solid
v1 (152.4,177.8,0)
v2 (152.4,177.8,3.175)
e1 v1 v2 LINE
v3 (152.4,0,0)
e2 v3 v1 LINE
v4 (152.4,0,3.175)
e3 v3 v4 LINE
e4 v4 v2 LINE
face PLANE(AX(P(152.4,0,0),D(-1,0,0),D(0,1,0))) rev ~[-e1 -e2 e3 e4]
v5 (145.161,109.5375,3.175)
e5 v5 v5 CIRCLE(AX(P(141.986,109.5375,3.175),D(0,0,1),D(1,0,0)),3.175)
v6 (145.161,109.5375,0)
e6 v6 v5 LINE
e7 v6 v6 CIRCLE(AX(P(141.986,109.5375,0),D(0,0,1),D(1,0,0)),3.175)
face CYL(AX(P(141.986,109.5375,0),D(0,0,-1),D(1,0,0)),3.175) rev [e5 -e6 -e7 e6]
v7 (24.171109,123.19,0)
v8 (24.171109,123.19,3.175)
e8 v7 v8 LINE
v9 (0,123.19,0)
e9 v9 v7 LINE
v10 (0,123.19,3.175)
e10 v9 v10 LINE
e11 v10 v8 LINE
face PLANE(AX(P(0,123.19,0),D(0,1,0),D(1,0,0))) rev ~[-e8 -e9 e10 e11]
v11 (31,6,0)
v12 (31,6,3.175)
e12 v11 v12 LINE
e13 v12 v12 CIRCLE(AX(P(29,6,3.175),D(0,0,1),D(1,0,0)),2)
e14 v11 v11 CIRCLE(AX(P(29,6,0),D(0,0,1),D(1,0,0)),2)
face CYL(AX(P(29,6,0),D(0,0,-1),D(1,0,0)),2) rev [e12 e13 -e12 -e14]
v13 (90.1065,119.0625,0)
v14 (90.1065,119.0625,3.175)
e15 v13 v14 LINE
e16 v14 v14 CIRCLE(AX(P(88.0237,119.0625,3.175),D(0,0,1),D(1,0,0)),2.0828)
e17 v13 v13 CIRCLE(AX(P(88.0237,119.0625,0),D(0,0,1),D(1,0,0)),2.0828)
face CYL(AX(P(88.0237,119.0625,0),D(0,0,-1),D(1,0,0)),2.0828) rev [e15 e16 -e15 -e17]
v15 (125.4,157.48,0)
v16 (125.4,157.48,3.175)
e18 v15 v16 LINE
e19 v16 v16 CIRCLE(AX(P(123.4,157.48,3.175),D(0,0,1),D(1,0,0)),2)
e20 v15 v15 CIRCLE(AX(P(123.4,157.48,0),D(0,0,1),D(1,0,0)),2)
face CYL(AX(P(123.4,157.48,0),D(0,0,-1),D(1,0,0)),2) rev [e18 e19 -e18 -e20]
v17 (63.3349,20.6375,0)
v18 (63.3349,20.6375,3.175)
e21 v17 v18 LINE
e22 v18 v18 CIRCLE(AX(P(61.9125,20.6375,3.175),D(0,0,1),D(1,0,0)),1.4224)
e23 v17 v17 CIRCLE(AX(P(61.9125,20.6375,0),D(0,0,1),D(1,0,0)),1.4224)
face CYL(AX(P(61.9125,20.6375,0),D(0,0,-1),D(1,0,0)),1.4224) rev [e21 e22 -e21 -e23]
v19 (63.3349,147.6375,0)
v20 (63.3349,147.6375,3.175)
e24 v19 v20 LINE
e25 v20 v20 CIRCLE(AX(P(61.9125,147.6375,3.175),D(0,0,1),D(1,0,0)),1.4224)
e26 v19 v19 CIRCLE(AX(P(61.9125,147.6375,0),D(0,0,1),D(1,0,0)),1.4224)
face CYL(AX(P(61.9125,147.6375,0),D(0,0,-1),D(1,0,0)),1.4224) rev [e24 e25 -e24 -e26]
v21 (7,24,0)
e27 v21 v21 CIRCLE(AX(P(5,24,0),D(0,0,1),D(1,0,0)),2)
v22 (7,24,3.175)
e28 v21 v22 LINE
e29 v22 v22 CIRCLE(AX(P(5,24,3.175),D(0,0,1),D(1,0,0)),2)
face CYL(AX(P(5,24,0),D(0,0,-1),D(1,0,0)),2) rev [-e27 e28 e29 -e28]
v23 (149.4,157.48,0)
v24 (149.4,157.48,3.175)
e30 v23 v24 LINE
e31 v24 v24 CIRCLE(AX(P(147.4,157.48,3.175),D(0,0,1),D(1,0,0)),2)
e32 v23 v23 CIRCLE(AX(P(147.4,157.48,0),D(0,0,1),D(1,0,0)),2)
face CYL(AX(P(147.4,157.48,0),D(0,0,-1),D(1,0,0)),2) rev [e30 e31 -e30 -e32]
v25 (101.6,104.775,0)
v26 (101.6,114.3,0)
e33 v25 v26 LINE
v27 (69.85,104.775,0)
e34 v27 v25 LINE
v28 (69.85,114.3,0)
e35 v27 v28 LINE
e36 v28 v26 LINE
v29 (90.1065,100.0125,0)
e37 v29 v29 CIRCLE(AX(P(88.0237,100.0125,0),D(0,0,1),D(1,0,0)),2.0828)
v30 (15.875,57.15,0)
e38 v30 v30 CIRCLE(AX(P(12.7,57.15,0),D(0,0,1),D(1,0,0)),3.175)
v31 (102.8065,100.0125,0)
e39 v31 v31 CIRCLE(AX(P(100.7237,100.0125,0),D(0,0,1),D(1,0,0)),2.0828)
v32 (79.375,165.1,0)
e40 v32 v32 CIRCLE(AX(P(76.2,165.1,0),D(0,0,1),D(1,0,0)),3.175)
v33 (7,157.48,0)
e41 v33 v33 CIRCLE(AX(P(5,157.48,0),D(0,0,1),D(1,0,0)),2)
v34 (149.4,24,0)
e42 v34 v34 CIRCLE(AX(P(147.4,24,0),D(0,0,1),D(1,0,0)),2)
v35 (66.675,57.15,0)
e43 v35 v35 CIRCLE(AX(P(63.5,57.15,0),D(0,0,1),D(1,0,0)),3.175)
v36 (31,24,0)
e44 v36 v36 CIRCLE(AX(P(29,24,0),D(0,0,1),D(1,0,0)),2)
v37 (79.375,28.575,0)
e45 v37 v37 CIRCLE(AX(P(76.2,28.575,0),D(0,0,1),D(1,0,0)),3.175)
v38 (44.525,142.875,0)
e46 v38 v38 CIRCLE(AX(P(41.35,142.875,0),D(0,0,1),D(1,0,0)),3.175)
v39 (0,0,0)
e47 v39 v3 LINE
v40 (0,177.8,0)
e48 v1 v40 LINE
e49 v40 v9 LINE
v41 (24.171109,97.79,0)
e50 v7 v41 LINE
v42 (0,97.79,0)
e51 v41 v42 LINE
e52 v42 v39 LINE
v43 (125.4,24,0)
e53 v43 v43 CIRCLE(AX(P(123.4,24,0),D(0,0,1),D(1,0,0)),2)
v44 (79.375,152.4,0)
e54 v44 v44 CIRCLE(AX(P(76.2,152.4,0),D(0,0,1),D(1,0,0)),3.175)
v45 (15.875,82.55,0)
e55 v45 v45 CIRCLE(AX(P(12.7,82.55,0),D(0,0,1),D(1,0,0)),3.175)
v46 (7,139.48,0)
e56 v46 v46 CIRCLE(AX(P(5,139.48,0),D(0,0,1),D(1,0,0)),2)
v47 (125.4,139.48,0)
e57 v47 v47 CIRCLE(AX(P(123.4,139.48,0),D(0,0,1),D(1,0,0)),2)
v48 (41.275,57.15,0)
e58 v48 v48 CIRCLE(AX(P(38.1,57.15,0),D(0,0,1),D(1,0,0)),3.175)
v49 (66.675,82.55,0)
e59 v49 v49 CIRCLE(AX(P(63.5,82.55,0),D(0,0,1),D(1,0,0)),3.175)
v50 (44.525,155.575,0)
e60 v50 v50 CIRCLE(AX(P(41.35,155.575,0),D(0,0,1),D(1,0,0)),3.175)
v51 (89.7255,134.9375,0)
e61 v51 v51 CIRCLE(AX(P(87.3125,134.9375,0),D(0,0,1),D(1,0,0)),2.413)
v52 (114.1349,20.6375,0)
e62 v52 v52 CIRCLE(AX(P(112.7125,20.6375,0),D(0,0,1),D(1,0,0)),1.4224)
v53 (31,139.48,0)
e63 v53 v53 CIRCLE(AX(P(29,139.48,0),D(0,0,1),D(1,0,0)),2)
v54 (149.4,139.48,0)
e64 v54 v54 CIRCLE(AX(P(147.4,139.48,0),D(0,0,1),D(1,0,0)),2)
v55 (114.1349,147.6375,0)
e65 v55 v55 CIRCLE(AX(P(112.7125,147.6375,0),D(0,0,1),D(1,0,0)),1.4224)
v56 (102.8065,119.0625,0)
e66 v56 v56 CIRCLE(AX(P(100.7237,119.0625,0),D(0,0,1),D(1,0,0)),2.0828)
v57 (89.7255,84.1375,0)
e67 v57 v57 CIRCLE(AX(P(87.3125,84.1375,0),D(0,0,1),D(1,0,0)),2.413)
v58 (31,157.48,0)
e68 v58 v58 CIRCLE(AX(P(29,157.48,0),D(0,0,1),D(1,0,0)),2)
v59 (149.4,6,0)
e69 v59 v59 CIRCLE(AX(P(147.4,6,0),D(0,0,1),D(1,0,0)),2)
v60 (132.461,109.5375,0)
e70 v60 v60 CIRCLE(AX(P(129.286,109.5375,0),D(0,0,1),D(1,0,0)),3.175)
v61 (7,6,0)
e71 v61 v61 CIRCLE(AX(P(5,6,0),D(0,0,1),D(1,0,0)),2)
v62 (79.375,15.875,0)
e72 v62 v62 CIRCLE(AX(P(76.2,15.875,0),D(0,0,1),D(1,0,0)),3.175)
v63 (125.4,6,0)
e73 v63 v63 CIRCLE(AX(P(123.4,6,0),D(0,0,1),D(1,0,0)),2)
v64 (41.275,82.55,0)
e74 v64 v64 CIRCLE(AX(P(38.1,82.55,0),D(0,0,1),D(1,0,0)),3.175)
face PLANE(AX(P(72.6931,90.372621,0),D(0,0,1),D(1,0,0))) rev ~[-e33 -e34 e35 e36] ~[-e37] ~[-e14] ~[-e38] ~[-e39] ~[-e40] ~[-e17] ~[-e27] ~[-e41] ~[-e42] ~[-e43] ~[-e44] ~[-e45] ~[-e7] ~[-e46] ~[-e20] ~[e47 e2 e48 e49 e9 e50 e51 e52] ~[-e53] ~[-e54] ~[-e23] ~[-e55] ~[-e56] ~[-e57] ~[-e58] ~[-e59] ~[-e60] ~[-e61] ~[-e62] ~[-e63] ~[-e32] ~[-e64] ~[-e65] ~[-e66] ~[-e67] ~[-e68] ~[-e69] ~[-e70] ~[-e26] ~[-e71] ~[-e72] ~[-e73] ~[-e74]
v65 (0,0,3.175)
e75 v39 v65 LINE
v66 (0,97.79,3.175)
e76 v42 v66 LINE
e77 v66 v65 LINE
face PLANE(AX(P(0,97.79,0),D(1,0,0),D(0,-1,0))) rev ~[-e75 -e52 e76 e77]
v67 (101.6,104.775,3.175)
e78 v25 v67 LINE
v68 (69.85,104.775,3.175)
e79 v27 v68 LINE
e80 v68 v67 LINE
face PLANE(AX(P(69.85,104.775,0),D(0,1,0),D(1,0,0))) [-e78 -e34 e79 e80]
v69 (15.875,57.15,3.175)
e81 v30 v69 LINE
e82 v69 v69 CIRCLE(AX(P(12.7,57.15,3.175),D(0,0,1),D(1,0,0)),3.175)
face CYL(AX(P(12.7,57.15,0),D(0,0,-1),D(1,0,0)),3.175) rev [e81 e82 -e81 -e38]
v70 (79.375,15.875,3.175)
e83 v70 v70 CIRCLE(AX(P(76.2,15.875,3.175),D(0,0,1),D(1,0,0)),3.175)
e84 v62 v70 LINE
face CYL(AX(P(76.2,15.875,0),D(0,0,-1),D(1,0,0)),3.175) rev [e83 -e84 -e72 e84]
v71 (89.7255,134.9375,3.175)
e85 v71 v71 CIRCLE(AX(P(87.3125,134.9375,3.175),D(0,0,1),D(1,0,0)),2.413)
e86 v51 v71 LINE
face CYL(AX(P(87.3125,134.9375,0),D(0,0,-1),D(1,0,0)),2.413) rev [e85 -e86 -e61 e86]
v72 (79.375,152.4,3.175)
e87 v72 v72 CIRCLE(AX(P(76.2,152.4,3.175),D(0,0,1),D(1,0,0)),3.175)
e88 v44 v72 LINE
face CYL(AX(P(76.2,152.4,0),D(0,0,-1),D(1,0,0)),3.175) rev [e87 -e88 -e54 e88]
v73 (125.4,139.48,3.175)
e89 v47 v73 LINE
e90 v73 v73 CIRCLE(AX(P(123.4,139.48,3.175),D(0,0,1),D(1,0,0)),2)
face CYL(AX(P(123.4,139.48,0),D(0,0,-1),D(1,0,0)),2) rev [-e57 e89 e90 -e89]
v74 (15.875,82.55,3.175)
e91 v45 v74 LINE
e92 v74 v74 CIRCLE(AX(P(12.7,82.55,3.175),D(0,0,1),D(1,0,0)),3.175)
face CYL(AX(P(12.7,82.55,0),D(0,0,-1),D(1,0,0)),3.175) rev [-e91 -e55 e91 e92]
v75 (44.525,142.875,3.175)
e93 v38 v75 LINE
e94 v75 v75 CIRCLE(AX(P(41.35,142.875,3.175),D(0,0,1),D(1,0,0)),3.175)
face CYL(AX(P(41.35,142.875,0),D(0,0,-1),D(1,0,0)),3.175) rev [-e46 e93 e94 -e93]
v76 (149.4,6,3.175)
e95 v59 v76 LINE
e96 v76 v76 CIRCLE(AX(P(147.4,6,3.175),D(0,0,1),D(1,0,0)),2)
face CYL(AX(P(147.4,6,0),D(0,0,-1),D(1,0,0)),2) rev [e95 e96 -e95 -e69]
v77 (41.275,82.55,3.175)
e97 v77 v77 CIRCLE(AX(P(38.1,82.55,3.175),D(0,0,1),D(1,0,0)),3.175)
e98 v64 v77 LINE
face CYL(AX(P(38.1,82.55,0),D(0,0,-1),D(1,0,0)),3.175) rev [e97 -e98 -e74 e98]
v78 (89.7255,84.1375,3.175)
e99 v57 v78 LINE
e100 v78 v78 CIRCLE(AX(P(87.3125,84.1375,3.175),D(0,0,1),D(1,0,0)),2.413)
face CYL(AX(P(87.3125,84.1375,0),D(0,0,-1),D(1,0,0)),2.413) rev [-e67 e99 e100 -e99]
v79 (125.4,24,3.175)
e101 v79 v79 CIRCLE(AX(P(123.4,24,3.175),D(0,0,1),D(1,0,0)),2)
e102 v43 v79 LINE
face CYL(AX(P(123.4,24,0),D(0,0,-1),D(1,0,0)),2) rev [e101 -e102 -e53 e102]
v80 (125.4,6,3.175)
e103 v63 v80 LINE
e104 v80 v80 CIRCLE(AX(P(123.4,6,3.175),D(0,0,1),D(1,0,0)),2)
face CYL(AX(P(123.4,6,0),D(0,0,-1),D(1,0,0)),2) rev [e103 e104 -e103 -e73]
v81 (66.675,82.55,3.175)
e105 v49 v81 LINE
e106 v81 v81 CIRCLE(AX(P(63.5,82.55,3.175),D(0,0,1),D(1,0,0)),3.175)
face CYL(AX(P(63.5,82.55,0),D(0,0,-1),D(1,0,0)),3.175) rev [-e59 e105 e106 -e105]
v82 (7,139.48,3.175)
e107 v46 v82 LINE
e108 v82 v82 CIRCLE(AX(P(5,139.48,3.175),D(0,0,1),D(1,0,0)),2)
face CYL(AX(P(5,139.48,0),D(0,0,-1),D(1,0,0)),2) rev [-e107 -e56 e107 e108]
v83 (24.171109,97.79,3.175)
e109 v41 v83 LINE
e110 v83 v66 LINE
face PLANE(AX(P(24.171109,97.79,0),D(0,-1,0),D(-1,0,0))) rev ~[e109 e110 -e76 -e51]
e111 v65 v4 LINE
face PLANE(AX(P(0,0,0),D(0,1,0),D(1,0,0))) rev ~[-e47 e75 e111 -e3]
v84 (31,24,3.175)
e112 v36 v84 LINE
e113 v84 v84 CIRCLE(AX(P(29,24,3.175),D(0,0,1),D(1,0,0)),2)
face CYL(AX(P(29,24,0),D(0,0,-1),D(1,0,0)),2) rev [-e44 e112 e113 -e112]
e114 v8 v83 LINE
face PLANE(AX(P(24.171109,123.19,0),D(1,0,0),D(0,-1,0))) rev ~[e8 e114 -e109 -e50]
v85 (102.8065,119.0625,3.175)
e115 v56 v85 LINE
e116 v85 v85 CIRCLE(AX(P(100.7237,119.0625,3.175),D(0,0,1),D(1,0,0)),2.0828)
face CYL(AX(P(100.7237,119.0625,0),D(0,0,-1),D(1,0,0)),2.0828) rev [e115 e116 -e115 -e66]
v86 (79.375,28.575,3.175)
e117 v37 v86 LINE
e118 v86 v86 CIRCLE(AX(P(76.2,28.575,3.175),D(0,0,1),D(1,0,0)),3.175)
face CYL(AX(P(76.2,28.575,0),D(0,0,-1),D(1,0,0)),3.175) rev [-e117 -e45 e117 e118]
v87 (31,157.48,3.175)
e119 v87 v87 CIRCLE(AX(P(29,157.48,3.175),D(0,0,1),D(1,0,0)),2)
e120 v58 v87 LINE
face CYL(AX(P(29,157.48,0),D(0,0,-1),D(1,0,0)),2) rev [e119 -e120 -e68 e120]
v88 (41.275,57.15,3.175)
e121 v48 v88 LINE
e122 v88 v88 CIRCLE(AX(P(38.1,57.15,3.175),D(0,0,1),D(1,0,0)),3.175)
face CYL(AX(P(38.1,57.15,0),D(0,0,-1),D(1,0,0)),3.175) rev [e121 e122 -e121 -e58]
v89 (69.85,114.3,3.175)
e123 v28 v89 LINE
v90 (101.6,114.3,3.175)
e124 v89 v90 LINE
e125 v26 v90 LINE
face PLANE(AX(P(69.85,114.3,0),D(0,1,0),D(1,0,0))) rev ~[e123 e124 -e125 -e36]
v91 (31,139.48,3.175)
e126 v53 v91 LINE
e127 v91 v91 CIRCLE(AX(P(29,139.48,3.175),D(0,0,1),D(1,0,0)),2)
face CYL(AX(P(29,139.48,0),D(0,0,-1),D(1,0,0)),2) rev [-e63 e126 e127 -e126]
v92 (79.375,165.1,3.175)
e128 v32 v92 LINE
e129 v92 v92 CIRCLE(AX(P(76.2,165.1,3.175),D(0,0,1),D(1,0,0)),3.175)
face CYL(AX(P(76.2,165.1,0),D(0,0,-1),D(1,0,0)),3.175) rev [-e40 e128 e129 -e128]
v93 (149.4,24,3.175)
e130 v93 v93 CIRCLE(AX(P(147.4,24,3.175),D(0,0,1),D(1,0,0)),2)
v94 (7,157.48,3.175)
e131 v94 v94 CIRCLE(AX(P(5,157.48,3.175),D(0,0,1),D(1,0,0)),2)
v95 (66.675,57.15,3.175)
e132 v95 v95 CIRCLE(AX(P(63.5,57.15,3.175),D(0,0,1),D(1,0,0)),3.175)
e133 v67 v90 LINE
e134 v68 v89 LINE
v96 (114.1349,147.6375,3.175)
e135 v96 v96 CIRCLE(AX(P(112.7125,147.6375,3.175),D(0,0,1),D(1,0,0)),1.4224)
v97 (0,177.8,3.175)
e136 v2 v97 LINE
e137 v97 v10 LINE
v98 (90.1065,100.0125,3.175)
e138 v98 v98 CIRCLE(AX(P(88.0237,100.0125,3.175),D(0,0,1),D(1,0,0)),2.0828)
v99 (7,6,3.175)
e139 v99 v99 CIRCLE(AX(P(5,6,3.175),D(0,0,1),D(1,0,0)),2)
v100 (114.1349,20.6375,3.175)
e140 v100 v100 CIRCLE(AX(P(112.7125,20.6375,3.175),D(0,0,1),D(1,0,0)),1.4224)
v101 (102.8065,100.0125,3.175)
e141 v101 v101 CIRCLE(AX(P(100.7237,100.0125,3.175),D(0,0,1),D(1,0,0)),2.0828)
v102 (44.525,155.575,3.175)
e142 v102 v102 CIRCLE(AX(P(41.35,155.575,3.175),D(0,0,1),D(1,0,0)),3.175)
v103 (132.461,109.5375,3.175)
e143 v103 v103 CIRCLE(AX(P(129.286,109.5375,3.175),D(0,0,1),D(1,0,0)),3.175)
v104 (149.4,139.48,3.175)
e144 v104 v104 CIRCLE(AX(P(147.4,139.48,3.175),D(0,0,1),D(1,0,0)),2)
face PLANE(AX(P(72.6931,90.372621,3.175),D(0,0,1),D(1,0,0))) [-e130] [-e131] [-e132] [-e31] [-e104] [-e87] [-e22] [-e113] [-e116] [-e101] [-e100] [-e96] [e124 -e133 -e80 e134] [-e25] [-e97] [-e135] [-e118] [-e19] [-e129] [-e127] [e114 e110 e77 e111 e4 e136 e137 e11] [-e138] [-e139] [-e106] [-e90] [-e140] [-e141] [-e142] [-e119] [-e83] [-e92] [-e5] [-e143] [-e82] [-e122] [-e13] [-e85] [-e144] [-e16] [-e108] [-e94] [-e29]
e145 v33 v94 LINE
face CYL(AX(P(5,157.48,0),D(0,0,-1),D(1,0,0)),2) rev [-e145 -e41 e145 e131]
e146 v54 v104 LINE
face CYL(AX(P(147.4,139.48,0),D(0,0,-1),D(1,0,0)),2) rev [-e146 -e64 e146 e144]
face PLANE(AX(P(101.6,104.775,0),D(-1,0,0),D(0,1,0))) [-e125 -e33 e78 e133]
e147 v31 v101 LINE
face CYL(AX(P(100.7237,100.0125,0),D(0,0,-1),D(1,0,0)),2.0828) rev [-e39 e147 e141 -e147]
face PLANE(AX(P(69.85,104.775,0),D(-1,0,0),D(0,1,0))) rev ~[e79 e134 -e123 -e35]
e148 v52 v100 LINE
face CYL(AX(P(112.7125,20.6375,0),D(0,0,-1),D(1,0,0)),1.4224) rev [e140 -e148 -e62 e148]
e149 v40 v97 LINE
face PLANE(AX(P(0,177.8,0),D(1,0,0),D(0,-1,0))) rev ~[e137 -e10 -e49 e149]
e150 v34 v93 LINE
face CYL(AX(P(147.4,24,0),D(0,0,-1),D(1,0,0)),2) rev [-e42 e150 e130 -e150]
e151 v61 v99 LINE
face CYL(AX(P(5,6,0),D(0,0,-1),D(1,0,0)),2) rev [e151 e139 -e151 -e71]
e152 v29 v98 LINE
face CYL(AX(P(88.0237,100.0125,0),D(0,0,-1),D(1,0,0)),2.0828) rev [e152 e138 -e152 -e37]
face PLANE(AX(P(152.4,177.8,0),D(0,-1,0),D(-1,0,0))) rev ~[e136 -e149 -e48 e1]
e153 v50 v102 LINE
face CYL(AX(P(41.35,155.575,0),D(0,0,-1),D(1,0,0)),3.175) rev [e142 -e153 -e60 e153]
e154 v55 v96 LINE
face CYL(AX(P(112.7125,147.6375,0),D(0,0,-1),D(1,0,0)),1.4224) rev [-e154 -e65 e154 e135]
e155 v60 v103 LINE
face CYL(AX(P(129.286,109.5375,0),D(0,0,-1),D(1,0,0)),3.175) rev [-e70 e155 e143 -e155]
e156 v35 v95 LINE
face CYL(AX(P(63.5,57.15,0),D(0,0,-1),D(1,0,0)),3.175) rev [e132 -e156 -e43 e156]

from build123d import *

# Parameters (mm, degrees)
SKETCH1_R           = 3.175
SKETCH1_R_2         = 2.0828
SKETCH1_R_3         = 2
SKETCH1_R_4         = 2.413
SKETCH1_R_5         = 1.4224
SKETCH1_W           = 31.75
SKETCH1_H           = 9.525
BOSS_EXTRUDE1_DEPTH = 3.175


with BuildPart() as part:
    # Sketch1 → Boss-Extrude1 (new body)
    with BuildSketch(Plane.XY):
        Polygon((0, 0), (152.4, 0), (152.4, 177.8), (0, 177.8), (0, 123.19), (24.171108631, 123.19), (24.171108631, 97.79), (0, 97.79), align=None)
        with Locations((38.1, 82.55)):
            Circle(SKETCH1_R, mode=Mode.SUBTRACT)
        with Locations((63.5, 82.55)):
            Circle(SKETCH1_R, mode=Mode.SUBTRACT)
        with Locations((38.1, 57.15)):
            Circle(SKETCH1_R, mode=Mode.SUBTRACT)
        with Locations((63.5, 57.15)):
            Circle(SKETCH1_R, mode=Mode.SUBTRACT)
        with Locations((88.0237, 100.0125)):
            Circle(SKETCH1_R_2, mode=Mode.SUBTRACT)
        with Locations((100.7237, 100.0125)):
            Circle(SKETCH1_R_2, mode=Mode.SUBTRACT)
        with Locations((88.0237, 119.0625)):
            Circle(SKETCH1_R_2, mode=Mode.SUBTRACT)
        with Locations((100.7237, 119.0625)):
            Circle(SKETCH1_R_2, mode=Mode.SUBTRACT)
        with Locations((129.286, 109.5375)):
            Circle(SKETCH1_R, mode=Mode.SUBTRACT)
        with Locations((123.4, 139.48)):
            Circle(SKETCH1_R_3, mode=Mode.SUBTRACT)
        with Locations((147.4, 139.48)):
            Circle(SKETCH1_R_3, mode=Mode.SUBTRACT)
        with Locations((123.4, 157.48)):
            Circle(SKETCH1_R_3, mode=Mode.SUBTRACT)
        with Locations((147.4, 157.48)):
            Circle(SKETCH1_R_3, mode=Mode.SUBTRACT)
        with Locations((5, 6)):
            Circle(SKETCH1_R_3, mode=Mode.SUBTRACT)
        with Locations((29, 6)):
            Circle(SKETCH1_R_3, mode=Mode.SUBTRACT)
        with Locations((5, 24)):
            Circle(SKETCH1_R_3, mode=Mode.SUBTRACT)
        with Locations((29, 24)):
            Circle(SKETCH1_R_3, mode=Mode.SUBTRACT)
        with Locations((5, 139.48)):
            Circle(SKETCH1_R_3, mode=Mode.SUBTRACT)
        with Locations((29, 139.48)):
            Circle(SKETCH1_R_3, mode=Mode.SUBTRACT)
        with Locations((5, 157.48)):
            Circle(SKETCH1_R_3, mode=Mode.SUBTRACT)
        with Locations((29, 157.48)):
            Circle(SKETCH1_R_3, mode=Mode.SUBTRACT)
        with Locations((123.4, 6)):
            Circle(SKETCH1_R_3, mode=Mode.SUBTRACT)
        with Locations((147.4, 6)):
            Circle(SKETCH1_R_3, mode=Mode.SUBTRACT)
        with Locations((123.4, 24)):
            Circle(SKETCH1_R_3, mode=Mode.SUBTRACT)
        with Locations((147.4, 24)):
            Circle(SKETCH1_R_3, mode=Mode.SUBTRACT)
        with Locations((41.35, 155.575)):
            Circle(SKETCH1_R, mode=Mode.SUBTRACT)
        with Locations((41.35, 142.875)):
            Circle(SKETCH1_R, mode=Mode.SUBTRACT)
        with Locations((12.7, 57.15)):
            Circle(SKETCH1_R, mode=Mode.SUBTRACT)
        with Locations((12.7, 82.55)):
            Circle(SKETCH1_R, mode=Mode.SUBTRACT)
        with Locations((141.986, 109.5375)):
            Circle(SKETCH1_R, mode=Mode.SUBTRACT)
        with Locations((87.3125, 84.1375)):
            Circle(SKETCH1_R_4, mode=Mode.SUBTRACT)
        with Locations((87.3125, 134.9375)):
            Circle(SKETCH1_R_4, mode=Mode.SUBTRACT)
        with Locations((61.9125, 147.6375)):
            Circle(SKETCH1_R_5, mode=Mode.SUBTRACT)
        with Locations((112.7125, 147.6375)):
            Circle(SKETCH1_R_5, mode=Mode.SUBTRACT)
        with Locations((112.7125, 20.6375)):
            Circle(SKETCH1_R_5, mode=Mode.SUBTRACT)
        with Locations((61.9125, 20.6375)):
            Circle(SKETCH1_R_5, mode=Mode.SUBTRACT)
        with Locations((76.2, 28.575)):
            Circle(SKETCH1_R, mode=Mode.SUBTRACT)
        with Locations((76.2, 15.875)):
            Circle(SKETCH1_R, mode=Mode.SUBTRACT)
        with Locations((76.2, 165.1)):
            Circle(SKETCH1_R, mode=Mode.SUBTRACT)
        with Locations((76.2, 152.4)):
            Circle(SKETCH1_R, mode=Mode.SUBTRACT)
        with Locations((85.725, 109.5375)):
            Rectangle(SKETCH1_W, SKETCH1_H, mode=Mode.SUBTRACT)
    extrude(amount=BOSS_EXTRUDE1_DEPTH)


solid = part.part
